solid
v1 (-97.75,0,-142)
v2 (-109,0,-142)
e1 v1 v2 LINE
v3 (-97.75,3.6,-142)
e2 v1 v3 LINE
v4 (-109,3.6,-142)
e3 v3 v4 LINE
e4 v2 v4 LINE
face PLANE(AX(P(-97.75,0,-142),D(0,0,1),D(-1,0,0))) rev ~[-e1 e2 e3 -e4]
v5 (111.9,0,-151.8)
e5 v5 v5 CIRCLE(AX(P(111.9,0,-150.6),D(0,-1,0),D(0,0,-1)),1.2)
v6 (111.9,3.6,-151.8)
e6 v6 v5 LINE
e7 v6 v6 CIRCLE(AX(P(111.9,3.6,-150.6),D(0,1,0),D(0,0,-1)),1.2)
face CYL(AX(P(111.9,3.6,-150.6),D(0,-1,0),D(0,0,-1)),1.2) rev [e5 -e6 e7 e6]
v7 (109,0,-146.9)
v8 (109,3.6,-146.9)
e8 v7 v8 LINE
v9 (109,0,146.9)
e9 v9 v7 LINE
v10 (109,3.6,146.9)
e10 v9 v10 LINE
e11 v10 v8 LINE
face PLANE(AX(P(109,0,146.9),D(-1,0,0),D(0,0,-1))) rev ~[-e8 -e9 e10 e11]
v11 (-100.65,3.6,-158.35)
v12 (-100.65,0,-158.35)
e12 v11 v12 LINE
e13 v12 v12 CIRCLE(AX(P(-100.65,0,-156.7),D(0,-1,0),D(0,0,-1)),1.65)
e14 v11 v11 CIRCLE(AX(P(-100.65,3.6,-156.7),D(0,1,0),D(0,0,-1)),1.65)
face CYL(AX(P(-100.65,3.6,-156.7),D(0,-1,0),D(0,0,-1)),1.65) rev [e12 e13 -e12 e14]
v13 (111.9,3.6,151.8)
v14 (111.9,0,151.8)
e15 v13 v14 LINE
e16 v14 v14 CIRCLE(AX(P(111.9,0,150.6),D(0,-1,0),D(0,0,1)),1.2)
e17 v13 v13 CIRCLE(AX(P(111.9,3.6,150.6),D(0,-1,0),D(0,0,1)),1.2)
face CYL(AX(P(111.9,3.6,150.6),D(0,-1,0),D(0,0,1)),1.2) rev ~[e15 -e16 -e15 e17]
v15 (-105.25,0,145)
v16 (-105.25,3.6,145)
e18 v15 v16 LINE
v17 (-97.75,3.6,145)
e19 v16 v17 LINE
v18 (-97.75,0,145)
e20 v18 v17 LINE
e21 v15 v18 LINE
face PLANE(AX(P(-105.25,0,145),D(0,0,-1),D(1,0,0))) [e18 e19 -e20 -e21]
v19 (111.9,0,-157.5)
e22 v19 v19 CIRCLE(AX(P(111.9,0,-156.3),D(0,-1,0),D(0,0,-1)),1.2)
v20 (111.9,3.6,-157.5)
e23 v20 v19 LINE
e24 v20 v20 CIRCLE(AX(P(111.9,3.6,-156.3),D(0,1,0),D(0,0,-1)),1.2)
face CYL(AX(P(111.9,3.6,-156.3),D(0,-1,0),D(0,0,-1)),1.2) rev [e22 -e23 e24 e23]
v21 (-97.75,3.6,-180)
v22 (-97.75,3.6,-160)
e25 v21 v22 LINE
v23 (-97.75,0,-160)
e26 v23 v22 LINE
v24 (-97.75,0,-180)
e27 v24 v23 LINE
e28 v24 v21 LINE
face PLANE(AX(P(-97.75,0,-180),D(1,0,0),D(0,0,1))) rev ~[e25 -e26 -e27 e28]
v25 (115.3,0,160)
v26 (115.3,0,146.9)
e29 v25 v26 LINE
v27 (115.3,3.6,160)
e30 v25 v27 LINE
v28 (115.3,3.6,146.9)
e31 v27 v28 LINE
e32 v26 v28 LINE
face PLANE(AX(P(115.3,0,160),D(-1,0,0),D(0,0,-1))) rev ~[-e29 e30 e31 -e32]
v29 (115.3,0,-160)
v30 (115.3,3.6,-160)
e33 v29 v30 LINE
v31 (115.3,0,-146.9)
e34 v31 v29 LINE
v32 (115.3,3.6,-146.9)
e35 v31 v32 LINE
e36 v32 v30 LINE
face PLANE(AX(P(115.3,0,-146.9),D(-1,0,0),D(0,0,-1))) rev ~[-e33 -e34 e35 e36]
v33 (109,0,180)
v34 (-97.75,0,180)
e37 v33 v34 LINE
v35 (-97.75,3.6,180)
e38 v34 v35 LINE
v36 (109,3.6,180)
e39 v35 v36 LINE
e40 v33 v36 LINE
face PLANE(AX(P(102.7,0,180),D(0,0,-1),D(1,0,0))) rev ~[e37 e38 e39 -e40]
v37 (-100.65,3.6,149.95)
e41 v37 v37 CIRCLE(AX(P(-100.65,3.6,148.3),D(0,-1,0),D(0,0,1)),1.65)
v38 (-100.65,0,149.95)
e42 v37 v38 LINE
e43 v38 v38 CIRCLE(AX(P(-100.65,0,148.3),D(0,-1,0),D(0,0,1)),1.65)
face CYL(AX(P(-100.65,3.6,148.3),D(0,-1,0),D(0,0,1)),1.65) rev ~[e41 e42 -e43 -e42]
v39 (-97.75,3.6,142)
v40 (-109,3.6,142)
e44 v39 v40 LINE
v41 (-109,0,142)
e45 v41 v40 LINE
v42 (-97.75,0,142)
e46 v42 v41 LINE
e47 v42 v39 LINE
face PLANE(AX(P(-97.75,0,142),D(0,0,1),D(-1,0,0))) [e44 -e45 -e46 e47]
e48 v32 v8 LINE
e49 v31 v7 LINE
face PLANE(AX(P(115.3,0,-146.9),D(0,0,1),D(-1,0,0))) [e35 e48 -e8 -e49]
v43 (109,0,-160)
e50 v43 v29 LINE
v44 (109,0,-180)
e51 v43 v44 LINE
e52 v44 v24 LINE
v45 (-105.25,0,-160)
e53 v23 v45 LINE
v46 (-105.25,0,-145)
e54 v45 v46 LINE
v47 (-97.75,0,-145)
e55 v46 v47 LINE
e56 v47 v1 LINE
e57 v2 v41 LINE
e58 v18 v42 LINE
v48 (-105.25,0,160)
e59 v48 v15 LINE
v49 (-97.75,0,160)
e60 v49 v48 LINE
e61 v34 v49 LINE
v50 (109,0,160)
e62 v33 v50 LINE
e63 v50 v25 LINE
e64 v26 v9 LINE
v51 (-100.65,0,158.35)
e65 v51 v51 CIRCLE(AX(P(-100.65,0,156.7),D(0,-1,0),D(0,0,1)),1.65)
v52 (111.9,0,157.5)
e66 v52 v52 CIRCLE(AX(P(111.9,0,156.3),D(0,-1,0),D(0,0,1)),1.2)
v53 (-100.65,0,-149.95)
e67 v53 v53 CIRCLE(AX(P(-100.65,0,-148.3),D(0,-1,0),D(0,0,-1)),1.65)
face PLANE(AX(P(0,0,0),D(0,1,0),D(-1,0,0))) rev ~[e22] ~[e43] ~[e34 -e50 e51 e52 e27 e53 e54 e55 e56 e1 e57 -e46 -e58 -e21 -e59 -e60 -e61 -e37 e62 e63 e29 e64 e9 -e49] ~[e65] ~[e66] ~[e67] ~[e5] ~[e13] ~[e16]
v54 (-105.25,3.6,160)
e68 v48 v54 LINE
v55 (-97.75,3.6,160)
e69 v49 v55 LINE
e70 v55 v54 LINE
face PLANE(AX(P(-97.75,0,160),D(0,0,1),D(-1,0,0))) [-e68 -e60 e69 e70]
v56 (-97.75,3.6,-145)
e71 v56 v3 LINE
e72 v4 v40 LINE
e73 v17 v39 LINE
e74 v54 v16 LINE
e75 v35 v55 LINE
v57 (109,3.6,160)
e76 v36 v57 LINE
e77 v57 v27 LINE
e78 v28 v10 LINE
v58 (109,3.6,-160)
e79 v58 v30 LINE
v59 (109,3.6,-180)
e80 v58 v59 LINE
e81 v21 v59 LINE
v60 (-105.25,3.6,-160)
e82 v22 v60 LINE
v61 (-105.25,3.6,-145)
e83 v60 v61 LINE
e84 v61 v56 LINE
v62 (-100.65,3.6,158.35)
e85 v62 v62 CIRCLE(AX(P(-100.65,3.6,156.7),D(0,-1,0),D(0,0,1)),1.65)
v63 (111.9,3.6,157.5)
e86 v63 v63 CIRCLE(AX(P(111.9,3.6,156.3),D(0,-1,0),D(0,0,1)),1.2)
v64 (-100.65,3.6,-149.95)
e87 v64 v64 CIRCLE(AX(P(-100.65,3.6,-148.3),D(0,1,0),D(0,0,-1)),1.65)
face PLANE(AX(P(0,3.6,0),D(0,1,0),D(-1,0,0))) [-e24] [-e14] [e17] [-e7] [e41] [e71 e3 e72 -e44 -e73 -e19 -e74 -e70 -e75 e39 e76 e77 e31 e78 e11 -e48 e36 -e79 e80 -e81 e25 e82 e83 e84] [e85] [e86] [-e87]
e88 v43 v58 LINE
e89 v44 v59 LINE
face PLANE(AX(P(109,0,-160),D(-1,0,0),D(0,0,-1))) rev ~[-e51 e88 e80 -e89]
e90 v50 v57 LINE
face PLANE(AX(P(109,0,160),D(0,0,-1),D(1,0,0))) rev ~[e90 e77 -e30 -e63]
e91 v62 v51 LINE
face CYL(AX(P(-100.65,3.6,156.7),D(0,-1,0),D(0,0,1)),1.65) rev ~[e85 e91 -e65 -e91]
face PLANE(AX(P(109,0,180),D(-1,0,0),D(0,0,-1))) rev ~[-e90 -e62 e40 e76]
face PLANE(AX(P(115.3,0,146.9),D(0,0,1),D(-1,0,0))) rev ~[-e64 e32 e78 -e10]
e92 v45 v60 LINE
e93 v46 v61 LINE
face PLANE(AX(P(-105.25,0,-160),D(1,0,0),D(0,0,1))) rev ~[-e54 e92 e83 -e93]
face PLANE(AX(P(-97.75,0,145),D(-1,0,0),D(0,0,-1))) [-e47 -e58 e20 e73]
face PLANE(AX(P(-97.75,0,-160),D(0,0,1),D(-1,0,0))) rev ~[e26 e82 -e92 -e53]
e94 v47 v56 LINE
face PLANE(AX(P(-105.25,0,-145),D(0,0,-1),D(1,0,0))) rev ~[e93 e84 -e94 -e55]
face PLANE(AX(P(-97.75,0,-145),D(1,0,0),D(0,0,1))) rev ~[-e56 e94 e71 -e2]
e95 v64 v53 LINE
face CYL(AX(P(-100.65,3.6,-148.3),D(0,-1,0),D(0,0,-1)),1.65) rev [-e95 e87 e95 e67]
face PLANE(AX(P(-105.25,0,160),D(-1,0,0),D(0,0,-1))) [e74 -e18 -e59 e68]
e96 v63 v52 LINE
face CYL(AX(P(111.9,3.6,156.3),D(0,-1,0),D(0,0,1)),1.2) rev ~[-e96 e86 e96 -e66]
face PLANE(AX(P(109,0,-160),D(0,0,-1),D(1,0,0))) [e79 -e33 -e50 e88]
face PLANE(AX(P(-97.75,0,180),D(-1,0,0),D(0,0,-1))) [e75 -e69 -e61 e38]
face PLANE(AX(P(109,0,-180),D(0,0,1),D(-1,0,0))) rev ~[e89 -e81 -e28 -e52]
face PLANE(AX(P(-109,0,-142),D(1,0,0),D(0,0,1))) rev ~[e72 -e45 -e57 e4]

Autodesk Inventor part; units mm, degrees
ref_plane "YZ Plane" through (0, 0, 0) normal (1, 0, 0) x (0, 1, 0)
ref_plane "XZ Plane" through (0, 0, 0) normal (0, 1, 0) x (-1, 0, 0)
ref_plane "XY Plane" through (0, 0, 0) normal (0, 0, 1) x (1, 0, 0)
sketch "Boceto3" plane through (0, 0, 0) normal (0, 1, 0) x (-1, 0, 0)
  line L0 (-109, -180) -> (109, -180)
  line L1 (109, -180) -> (109, 180)
  line L2 (109, 180) -> (-109, 180)
  line L3 (-109, 180) -> (-109, -180)
  line L4 (-109, -180) -> (109, 180) construction
  line L5 (109, -180) -> (-109, 180) construction
  line L6 (0, 180) -> (103.5, 180)
  line L7 (109, 180) -> (97.75, 180)
  line L8 (97.75, 180) -> (97.75, 160)
  line L9 (97.75, 180) -> (117.75, 180) construction
  line L10 (97.75, 160) -> (105.25, 160)
  line L11 (105.25, 160) -> (105.25, 145)
  line L12 (105.25, 145) -> (97.75, 145)
  line L13 (97.75, 145) -> (97.75, 142)
  line L14 (97.75, 142) -> (109, 142)
  line L15 (109, -180) -> (97.75, -180)
  line L16 (97.75, -180) -> (97.75, -160)
  line L17 (97.75, -180) -> (117.75, -180) construction
  line L18 (97.75, -160) -> (105.25, -160)
  line L19 (105.25, -160) -> (105.25, -145)
  line L20 (105.25, -145) -> (97.75, -145)
  line L21 (97.75, -145) -> (97.75, -142)
  line L22 (97.75, -142) -> (109, -142)
  line L23 (-109, 180) -> (-102.7, 180)
  line L24 (-109, 180) -> (-109, 160)
  line L25 (-109, 160) -> (-115.3, 160)
  line L26 (-109, 160) -> (-109, 146.9)
  line L27 (-115.3, 146.9) -> (-109, 146.9)
  line L28 (-109, 146.9) -> (-109, -180)
  line L29 (-102.7, -180) -> (-102.7, -160)
  line L30 (-102.7, -180) -> (-82.7, -180) construction
  line L31 (-109, -160) -> (-115.3, -160)
  line L32 (-109, -160) -> (-109, -146.9)
  line L33 (-115.3, -146.9) -> (-109, -146.9)
  line L34 (-115.3, 160) -> (-115.3, 146.9)
  line L35 (-115.3, -146.9) -> (-115.3, -160)
  point P0 (0, 0)
  point P1 (-109, -180)
  dimension "d27" = 218
  dimension "d28" = 360
  dimension "d33" = 11.25
  dimension "d34" = 20
  dimension "d35" = 90
  dimension "d36" = 7.5
  dimension "d37" = 15
  dimension "d38" = 7.5
  dimension "d39" = 3
  dimension "d40" = 11.25
  dimension "d41" = 20
  dimension "d42" = 90
  dimension "d43" = 15
  dimension "d44" = 3
  dimension "d45" = 6.3
  dimension "d46" = 20
  dimension "d47" = 90
  dimension "d48" = 13.1
  dimension "d49" = 90
  dimension "d50" = 20
  dimension "d51" = 90
  dimension "d52" = 13.1
extrude "Extrusión2" add sketch "Boceto3" along normal blind 3.6 contours L3 L2 L8 L10 L11 L12 L13 L14 L1 L22 L21 L20 L19 L18 L16 L0 | L31 L35 L33 L3 | L27 L34 L25 L3
sketch "Boceto4" plane through (0, 3.6, 0) normal (0, 1, 0) x (1, 0, 0)
  line L0 (-105.25, -145) -> (-105.25, -160) projected
  line L1 (-105.25, -160) -> (-97.75, -160) projected
  line L2 (-97.75, -145) -> (-105.25, -145) projected
  point P0 (0, 0)
  point P1 (-100.65, -156.7)
  point P2 (-100.65, -148.3)
  dimension "d55" = 4.6
  dimension "d56" = 3.3
  dimension "d73" = 3.3
  dimension "d74" = 4.6
hole "Agujero1" at (-100.65, 3.6, 156.7) at (-100.65, 3.6, 148.3) direction (0, -1, 0) diameter 3.3 end through all
mirror "Simetría1" about plane through (0, 0, 0) normal (0, 0, 1) of "Agujero1"
sketch "Boceto6" plane through (0, 3.6, 0) normal (0, 1, 0) x (1, 0, 0)
  line L0 (109, -160) -> (115.3, -160) projected
  line L1 (109, 160) -> (109, 180) projected
  line L2 (115.3, -146.9) -> (109, -146.9) projected
  line L3 (115.3, -156.3) -> (111.9, -156.3)
  line L4 (111.9, -156.3) -> (111.9, -150.6)
  circle A0 centre (111.9, -156.3) radius 1.2
  circle A1 centre (111.9, -150.6) radius 1.2
  point P0 (0, 0)
  point P1 (105.6, -156.3)
  point P2 (102.7, -160)
  point P3 (105.6, -150.6)
  point P4 (102.7, -146.9)
  dimension "d75" = 3.7
  dimension "d76" = 3.4
  dimension "d77" = 3.7
  dimension "d78" = 3.4
  dimension "d95" = 3.4
  dimension "d96" = 2.4
  dimension "d97" = 2.4
hole "Agujero3" at (111.9, 3.6, 156.3) at (111.9, 3.6, 150.6) direction (0, -1, 0) diameter 2.4 end through all
mirror "Simetría2" about plane through (0, 0, 0) normal (0, 0, 1) of "Agujero3"
equation "\"d57\" = d73"
properties part number "pantalla"
